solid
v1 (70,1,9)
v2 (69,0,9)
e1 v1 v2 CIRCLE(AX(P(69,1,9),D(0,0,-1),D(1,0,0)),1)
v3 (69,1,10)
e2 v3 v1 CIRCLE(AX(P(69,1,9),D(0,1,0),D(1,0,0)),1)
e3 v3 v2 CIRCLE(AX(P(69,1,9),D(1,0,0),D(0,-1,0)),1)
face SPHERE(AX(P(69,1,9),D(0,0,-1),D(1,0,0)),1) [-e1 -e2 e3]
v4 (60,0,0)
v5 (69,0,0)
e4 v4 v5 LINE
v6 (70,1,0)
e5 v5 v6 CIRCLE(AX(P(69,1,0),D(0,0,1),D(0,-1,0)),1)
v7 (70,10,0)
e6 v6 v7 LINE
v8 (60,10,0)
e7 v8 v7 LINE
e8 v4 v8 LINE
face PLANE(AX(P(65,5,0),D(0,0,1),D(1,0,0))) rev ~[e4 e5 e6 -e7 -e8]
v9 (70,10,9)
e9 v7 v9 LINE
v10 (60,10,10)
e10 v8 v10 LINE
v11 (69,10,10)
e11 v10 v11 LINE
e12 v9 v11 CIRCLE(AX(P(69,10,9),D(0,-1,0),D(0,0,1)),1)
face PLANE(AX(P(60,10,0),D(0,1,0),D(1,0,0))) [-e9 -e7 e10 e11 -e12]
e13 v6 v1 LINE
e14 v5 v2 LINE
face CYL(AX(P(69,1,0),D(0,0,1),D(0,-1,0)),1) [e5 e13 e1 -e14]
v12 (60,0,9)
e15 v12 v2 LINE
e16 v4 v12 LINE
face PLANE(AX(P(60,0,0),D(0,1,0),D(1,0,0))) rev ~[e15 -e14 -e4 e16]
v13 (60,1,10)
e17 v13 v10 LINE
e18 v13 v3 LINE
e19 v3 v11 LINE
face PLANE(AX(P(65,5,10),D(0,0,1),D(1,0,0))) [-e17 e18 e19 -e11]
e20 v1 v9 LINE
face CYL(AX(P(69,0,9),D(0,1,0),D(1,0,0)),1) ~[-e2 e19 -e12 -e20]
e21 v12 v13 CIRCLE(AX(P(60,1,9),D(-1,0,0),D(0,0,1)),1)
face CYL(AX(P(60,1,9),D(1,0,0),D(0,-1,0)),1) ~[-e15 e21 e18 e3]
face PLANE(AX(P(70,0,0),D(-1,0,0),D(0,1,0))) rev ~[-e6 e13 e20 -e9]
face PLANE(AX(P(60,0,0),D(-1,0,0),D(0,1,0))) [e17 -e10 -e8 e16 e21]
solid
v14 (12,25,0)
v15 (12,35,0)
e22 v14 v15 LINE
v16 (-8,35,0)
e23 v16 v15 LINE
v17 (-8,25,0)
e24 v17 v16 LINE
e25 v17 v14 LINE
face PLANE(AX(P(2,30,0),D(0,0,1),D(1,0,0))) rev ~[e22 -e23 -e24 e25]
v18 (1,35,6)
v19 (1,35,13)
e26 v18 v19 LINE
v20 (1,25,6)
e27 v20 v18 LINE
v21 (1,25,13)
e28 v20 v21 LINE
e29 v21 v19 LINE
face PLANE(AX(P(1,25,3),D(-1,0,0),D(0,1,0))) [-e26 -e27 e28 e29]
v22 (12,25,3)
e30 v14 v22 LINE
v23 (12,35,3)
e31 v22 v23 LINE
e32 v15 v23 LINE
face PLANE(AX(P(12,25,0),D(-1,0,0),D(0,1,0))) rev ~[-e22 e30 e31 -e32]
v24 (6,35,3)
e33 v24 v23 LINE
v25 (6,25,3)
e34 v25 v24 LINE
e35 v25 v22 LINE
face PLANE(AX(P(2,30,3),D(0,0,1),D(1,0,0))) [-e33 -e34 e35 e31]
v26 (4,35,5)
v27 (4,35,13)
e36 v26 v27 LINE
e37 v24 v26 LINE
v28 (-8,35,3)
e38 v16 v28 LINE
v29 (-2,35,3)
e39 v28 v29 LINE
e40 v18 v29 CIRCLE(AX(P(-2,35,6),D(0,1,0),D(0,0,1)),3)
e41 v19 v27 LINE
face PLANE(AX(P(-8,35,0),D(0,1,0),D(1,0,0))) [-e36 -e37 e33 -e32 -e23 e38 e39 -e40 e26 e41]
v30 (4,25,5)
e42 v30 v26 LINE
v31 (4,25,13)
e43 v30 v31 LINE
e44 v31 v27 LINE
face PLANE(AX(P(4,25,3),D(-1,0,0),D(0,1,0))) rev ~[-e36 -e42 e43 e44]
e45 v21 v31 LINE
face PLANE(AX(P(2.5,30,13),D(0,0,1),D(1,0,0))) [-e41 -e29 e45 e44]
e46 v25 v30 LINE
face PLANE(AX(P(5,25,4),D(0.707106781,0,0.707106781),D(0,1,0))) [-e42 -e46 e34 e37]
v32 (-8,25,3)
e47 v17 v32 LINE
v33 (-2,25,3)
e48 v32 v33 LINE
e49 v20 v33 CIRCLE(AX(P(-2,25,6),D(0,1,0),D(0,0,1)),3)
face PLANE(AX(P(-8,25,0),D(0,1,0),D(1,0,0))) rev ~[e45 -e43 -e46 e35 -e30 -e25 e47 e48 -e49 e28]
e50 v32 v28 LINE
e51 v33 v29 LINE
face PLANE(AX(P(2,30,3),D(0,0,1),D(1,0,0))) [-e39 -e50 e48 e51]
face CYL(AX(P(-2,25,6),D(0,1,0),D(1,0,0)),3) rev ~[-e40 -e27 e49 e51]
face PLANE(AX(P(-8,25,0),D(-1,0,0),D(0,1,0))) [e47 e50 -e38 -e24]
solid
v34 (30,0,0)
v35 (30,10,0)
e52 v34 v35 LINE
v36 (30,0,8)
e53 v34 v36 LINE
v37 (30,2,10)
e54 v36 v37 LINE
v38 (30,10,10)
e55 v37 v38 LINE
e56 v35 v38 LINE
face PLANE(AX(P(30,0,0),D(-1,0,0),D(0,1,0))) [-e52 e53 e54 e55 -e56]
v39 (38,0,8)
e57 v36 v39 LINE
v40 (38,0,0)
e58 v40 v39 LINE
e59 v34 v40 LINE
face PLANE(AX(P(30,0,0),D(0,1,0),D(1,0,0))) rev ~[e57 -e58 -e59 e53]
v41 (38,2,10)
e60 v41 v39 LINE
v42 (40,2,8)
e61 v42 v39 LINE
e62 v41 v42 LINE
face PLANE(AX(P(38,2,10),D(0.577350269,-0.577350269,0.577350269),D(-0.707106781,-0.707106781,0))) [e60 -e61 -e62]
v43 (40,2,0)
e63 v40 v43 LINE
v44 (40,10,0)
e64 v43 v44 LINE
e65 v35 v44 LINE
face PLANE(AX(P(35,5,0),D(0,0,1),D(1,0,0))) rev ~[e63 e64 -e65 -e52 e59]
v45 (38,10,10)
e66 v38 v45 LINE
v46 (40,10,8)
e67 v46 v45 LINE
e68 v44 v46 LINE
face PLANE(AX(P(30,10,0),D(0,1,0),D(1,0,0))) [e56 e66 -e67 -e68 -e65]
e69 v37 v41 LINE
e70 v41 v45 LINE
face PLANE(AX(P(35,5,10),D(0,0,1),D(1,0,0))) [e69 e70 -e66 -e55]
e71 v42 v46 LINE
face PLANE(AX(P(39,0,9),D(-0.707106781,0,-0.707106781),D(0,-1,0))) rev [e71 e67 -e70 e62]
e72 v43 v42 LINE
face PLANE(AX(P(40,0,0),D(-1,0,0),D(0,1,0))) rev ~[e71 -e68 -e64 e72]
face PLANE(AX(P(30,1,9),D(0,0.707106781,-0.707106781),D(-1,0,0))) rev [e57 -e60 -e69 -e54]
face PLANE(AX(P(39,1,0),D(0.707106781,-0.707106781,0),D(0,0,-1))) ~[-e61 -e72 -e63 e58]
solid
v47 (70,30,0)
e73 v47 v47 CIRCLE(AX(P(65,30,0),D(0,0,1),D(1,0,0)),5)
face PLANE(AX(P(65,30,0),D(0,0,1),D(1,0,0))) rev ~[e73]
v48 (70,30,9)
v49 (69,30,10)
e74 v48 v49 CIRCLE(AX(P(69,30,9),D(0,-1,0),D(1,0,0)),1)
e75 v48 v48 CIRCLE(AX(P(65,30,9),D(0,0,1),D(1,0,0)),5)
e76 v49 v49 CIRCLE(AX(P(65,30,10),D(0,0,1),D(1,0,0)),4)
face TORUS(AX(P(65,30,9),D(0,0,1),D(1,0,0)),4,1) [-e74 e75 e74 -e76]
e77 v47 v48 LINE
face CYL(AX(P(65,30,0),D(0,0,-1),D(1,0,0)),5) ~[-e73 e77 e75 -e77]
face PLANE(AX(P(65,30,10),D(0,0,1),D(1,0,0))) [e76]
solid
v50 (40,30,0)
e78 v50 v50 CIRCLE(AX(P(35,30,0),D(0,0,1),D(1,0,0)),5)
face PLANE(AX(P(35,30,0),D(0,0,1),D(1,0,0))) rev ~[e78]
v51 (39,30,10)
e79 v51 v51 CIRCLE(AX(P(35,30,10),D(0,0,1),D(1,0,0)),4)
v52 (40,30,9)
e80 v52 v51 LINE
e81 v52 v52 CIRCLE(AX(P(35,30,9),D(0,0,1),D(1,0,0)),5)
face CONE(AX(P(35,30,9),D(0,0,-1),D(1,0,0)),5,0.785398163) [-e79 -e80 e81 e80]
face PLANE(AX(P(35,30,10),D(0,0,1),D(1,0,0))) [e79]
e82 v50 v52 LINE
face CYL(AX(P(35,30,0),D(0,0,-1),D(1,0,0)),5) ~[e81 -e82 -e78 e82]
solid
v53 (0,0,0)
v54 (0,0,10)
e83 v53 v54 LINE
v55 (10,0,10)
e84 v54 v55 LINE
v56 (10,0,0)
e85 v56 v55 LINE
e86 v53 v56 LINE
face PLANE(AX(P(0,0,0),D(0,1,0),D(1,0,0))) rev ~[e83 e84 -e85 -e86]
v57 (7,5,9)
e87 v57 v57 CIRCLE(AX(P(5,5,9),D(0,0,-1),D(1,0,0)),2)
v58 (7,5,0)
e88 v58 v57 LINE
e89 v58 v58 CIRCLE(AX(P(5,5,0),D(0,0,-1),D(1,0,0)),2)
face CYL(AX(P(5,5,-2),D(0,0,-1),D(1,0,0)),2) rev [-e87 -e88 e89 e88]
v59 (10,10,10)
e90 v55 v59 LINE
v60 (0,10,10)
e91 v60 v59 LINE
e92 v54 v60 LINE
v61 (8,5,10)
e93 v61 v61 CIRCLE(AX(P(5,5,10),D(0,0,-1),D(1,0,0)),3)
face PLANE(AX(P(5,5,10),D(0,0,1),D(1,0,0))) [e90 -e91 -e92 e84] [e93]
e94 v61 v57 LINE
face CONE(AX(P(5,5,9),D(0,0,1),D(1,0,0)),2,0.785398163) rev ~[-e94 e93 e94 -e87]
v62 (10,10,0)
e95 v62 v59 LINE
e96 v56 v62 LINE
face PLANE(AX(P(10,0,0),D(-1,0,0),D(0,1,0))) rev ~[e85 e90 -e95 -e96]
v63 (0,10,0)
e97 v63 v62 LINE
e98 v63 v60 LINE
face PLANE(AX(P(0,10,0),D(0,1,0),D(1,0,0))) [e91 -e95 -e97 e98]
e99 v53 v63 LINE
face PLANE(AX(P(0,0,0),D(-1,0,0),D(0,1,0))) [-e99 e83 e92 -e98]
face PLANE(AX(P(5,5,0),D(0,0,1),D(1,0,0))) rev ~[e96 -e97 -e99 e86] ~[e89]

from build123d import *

# Parameters (mm, degrees)
BOX_W             = 10
BOX_H             = 10
BOX_DEPTH         = 10
FILLET_R          = 1
BOX002_W          = 10
BOX002_H          = 10
BOX002_DEPTH      = 10
CHAMFER_SIZE      = 2
CYLINDER_R        = 2
CYLINDER_DEPTH    = 20
BOX001_W          = 10
BOX001_H          = 10
BOX001_DEPTH      = 10
CHAMFER001_SIZE   = 1
CYLINDER001_R     = 5
CYLINDER001_DEPTH = 10
FILLET001_R       = 1
CYLINDER002_R     = 5
CYLINDER002_DEPTH = 10
CHAMFER002_SIZE   = 1
BOX004_W          = 3
BOX004_H          = 10
BOX004_DEPTH      = 10
BOX003_W          = 20
BOX003_H          = 10
BOX003_DEPTH      = 3
CHAMFER003_SIZE   = 2
FILLET002_R       = 3


with BuildPart() as fillet_body:
    # Box → Box (new body)
    with BuildSketch(Plane(origin=(60, 0, 0), x_dir=(1, 0, 0), z_dir=(0, 0, 1))):
        with Locations((5, 5)):
            Rectangle(BOX_W, BOX_H)
    extrude(amount=BOX_DEPTH)

    # Fillet
    fillet_edges = [fillet_body.edges().sort_by_distance(p)[0] for p in [
        (70, 0, 5),
        (70, 5, 10),
        (65, 0, 10),
    ]]
    fillet(fillet_edges, radius=FILLET_R)


with BuildPart() as chamfer_body:
    # Box002 → Box002 (new body)
    with BuildSketch(Plane(origin=(30, 0, 0), x_dir=(1, 0, 0), z_dir=(0, 0, 1))):
        with Locations((5, 5)):
            Rectangle(BOX002_W, BOX002_H)
    extrude(amount=BOX002_DEPTH)

    # Chamfer
    chamfer_edges = [chamfer_body.edges().sort_by_distance(p)[0] for p in [
        (40, 0, 5),
        (40, 5, 10),
        (35, 0, 10),
    ]]
    chamfer(chamfer_edges, length=CHAMFER_SIZE)


with BuildPart() as cylinder:
    # Cylinder → Cylinder (new body)
    with BuildSketch(Plane(origin=(5, 5, -2), x_dir=(1, 0, 0), z_dir=(0, 0, 1))):
        Circle(CYLINDER_R)
    extrude(amount=CYLINDER_DEPTH)


with BuildPart() as chamfer001:
    # Box001 → Box001 (new body)
    with BuildSketch(Plane.XY):
        with Locations((5, 5)):
            Rectangle(BOX001_W, BOX001_H)
    extrude(amount=BOX001_DEPTH)

    # Cut: cut Cylinder
    add(cylinder.part, mode=Mode.SUBTRACT)

    # Chamfer001
    chamfer001_edges = [chamfer001.edges().sort_by_distance(p)[0] for p in [
        (3, 5, 10),
    ]]
    chamfer(chamfer001_edges, length=CHAMFER001_SIZE)


with BuildPart() as fillet001:
    # Cylinder001 → Cylinder001 (new body)
    with BuildSketch(Plane(origin=(65, 30, 0), x_dir=(1, 0, 0), z_dir=(0, 0, 1))):
        Circle(CYLINDER001_R)
    extrude(amount=CYLINDER001_DEPTH)

    # Fillet001
    fillet001_edges = [fillet001.edges().sort_by_distance(p)[0] for p in [
        (60, 30, 10),
    ]]
    fillet(fillet001_edges, radius=FILLET001_R)


with BuildPart() as chamfer002:
    # Cylinder002 → Cylinder002 (new body)
    with BuildSketch(Plane(origin=(35, 30, 0), x_dir=(1, 0, 0), z_dir=(0, 0, 1))):
        Circle(CYLINDER002_R)
    extrude(amount=CYLINDER002_DEPTH)

    # Chamfer002
    chamfer002_edges = [chamfer002.edges().sort_by_distance(p)[0] for p in [
        (30, 30, 10),
    ]]
    chamfer(chamfer002_edges, length=CHAMFER002_SIZE)


with BuildPart() as box004:
    # Box004 → Box004 (new body)
    with BuildSketch(Plane(origin=(1, 25, 3), x_dir=(1, 0, 0), z_dir=(0, 0, 1))):
        with Locations((1.5, 5)):
            Rectangle(BOX004_W, BOX004_H)
    extrude(amount=BOX004_DEPTH)


with BuildPart() as fillet002:
    # Box003 → Box003 (new body)
    with BuildSketch(Plane(origin=(-8, 25, 0), x_dir=(1, 0, 0), z_dir=(0, 0, 1))):
        with Locations((10, 5)):
            Rectangle(BOX003_W, BOX003_H)
    extrude(amount=BOX003_DEPTH)

    # Fusion: union Box004
    add(box004.part)

    # Chamfer003
    chamfer003_edges = [fillet002.edges().sort_by_distance(p)[0] for p in [
        (4, 30, 3),
    ]]
    chamfer(chamfer003_edges, length=CHAMFER003_SIZE)

    # Fillet002
    fillet002_edges = [fillet002.edges().sort_by_distance(p)[0] for p in [
        (1, 30, 3),
    ]]
    fillet(fillet002_edges, radius=FILLET002_R)


solid = Compound([fillet_body.part, chamfer_body.part, chamfer001.part, fillet001.part, chamfer002.part, fillet002.part])
